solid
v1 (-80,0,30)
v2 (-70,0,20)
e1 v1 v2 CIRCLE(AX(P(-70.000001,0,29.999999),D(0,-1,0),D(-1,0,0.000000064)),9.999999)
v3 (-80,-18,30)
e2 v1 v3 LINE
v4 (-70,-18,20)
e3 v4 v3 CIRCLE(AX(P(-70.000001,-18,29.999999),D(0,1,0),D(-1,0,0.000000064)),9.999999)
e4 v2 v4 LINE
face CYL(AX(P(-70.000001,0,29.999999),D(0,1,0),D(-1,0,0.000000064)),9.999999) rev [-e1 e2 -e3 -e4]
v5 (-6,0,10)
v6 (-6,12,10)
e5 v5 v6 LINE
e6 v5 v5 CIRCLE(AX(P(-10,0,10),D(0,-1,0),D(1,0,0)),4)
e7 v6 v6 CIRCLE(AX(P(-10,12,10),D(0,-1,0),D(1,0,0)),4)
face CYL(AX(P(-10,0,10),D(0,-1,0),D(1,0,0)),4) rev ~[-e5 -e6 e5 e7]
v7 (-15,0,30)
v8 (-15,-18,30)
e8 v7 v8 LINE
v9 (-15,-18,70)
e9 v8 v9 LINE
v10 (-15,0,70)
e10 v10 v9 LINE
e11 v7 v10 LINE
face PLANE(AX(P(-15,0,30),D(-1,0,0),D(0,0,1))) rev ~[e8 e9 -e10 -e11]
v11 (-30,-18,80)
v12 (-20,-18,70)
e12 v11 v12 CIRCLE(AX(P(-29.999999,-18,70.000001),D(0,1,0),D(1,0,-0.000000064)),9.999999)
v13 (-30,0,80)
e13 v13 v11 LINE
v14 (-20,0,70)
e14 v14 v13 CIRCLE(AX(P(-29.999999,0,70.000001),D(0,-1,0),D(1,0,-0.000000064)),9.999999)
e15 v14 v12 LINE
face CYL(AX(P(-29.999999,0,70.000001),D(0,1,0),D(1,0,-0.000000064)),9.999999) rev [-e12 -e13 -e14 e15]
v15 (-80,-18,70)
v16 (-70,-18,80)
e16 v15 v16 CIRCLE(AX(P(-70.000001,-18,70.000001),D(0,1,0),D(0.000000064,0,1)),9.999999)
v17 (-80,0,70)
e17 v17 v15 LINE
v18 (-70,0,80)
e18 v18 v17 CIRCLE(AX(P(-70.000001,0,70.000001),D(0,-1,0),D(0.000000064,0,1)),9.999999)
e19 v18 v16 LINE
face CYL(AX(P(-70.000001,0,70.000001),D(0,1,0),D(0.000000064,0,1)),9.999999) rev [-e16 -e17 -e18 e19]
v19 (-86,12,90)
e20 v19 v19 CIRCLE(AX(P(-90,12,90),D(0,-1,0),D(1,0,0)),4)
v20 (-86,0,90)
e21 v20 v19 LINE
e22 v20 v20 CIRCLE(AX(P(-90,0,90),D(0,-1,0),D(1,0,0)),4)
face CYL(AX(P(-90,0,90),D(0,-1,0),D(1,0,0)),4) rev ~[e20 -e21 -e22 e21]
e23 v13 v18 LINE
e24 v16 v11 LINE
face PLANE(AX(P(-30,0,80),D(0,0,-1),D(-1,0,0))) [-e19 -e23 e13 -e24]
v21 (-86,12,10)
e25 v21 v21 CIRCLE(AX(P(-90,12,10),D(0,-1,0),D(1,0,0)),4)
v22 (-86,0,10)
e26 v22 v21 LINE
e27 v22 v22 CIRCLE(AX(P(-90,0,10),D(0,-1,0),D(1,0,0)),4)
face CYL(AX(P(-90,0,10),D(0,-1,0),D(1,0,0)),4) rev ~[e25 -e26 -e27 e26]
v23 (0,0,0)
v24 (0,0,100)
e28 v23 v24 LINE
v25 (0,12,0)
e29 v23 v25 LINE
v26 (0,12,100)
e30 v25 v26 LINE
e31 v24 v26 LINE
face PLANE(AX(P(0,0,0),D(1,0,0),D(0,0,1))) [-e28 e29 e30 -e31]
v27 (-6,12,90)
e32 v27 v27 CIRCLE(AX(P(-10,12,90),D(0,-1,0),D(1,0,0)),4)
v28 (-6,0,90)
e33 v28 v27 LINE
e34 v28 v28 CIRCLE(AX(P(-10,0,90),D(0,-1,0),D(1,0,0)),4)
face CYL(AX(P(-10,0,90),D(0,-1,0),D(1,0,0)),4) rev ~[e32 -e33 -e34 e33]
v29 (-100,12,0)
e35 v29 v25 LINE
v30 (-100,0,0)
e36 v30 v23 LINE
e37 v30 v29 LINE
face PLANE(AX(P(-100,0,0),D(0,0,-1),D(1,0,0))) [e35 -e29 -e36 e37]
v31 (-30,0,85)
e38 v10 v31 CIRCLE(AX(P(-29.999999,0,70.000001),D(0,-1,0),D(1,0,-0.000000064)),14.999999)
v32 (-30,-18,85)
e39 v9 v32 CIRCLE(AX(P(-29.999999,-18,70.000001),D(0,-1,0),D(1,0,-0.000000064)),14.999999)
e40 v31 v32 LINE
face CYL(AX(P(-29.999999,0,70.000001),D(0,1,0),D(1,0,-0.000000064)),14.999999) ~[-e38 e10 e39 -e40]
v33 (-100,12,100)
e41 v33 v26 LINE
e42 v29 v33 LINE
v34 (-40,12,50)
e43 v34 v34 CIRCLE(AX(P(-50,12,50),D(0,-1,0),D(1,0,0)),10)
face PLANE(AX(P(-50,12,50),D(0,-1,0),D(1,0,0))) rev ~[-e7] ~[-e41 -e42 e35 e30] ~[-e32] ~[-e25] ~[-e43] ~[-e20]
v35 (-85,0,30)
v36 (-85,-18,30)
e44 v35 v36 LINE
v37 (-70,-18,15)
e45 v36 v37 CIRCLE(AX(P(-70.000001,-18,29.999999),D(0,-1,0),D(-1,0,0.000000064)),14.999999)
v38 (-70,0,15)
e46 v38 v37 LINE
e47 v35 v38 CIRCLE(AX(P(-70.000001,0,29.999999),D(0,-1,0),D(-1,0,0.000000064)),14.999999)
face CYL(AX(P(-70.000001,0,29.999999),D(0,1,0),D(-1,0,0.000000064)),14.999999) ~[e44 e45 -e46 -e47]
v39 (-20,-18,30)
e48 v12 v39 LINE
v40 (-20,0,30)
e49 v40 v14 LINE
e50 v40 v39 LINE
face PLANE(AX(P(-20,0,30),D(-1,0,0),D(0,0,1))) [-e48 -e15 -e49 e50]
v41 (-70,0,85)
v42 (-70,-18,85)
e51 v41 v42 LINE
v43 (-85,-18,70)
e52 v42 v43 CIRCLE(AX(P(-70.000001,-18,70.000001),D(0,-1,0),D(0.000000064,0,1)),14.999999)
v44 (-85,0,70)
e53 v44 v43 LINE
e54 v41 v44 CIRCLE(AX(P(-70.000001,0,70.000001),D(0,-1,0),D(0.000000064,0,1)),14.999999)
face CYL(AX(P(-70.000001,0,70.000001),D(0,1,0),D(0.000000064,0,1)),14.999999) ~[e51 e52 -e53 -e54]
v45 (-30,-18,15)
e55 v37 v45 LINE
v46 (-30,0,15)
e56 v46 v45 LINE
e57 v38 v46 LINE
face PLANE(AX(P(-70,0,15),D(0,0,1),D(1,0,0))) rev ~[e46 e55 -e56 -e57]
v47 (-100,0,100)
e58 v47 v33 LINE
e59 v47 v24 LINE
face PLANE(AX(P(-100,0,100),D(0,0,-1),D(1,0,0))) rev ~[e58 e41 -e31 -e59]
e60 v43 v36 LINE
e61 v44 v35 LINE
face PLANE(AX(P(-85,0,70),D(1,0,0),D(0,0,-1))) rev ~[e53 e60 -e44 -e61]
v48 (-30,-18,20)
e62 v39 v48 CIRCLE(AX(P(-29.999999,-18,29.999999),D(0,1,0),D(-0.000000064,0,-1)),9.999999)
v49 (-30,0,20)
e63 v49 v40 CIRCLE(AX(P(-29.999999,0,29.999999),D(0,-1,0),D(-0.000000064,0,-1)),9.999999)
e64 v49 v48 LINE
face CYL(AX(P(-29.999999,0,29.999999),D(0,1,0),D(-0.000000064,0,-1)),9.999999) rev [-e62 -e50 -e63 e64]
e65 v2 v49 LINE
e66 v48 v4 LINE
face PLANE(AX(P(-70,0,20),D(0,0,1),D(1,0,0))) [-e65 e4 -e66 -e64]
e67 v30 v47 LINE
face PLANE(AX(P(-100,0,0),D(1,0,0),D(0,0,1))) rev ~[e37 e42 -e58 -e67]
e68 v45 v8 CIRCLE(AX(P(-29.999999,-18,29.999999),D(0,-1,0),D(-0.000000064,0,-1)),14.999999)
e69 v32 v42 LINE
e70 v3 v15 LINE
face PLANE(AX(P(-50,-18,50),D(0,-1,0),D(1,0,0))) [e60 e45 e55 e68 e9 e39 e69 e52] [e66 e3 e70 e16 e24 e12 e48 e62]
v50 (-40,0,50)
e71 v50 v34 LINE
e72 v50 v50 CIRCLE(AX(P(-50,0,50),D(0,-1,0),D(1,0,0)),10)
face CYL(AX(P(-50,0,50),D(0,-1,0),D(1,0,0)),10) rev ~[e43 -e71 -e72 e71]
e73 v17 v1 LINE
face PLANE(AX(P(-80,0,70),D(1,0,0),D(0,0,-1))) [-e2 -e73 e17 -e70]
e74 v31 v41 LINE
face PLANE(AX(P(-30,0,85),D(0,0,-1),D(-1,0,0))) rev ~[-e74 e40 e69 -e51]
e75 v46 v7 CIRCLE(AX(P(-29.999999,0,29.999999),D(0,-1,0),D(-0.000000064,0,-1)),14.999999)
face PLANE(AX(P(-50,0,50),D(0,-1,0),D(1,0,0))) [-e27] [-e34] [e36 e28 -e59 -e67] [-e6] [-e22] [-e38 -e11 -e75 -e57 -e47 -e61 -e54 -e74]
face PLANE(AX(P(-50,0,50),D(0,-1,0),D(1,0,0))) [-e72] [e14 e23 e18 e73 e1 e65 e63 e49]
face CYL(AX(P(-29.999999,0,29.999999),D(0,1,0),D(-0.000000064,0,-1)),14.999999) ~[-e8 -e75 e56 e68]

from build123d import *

# Parameters (mm, degrees)
F0_W     = 100
F0_H     = 100
F1_DEPTH = 12
F2_R     = 4
F3_DEPTH = 25
F4_R     = 10
F5_DEPTH = 25
F8_DEPTH = 18
F9_DEPTH = 25


with BuildPart() as f1:
    # F0 (on Front) → F1 (new body)
    with BuildSketch(Plane.XZ):
        with Locations((-50, 50)):
            Rectangle(F0_W, F0_H)
    extrude(amount=-F1_DEPTH)

    # F2 (on face) → F3 (cut)
    with BuildSketch(Plane.XZ):
        with Locations((-90, 90)):
            Circle(F2_R)
        with Locations((-10, 90)):
            Circle(F2_R)
        with Locations((-10, 10)):
            Circle(F2_R)
        with Locations((-90, 10)):
            Circle(F2_R)
    extrude(amount=-F3_DEPTH, mode=Mode.SUBTRACT)

    # F4 (on face) → F5 (cut)
    with BuildSketch(Plane.XZ):
        with Locations((-50, 50)):
            Circle(F4_R)
    extrude(amount=-F5_DEPTH, mode=Mode.SUBTRACT)

    # F6 (on face) → F8 (join)
    with BuildSketch(Plane.XZ):
        with BuildLine():
            Line((-30, 85), (-70, 85))
            ThreePointArc((-70, 85), (-80.606602, 80.606602), (-85, 70))
            Line((-85, 70), (-85, 30))
            ThreePointArc((-85, 30), (-80.606602, 19.393398), (-70, 15))
            Line((-70, 15), (-30, 15))
            ThreePointArc((-30, 15), (-19.393398, 19.393398), (-15, 30))
            Line((-15, 30), (-15, 70))
            ThreePointArc((-15, 70), (-19.393398, 80.606602), (-30, 85))
        make_face()
    extrude(amount=F8_DEPTH)

    # F7 (on face) → F9 (cut)
    with BuildSketch(Plane.XZ):
        with BuildLine():
            Line((-30, 80), (-70, 80))
            ThreePointArc((-70, 80), (-77.071068, 77.071068), (-80, 70))
            Line((-80, 70), (-80, 30))
            ThreePointArc((-80, 30), (-77.071068, 22.928932), (-70, 20))
            Line((-70, 20), (-30, 20))
            ThreePointArc((-30, 20), (-22.928932, 22.928932), (-20, 30))
            Line((-20, 30), (-20, 70))
            ThreePointArc((-20, 70), (-22.928932, 77.071068), (-30, 80))
        make_face()
    extrude(amount=F9_DEPTH, mode=Mode.SUBTRACT)


solid = f1.part
